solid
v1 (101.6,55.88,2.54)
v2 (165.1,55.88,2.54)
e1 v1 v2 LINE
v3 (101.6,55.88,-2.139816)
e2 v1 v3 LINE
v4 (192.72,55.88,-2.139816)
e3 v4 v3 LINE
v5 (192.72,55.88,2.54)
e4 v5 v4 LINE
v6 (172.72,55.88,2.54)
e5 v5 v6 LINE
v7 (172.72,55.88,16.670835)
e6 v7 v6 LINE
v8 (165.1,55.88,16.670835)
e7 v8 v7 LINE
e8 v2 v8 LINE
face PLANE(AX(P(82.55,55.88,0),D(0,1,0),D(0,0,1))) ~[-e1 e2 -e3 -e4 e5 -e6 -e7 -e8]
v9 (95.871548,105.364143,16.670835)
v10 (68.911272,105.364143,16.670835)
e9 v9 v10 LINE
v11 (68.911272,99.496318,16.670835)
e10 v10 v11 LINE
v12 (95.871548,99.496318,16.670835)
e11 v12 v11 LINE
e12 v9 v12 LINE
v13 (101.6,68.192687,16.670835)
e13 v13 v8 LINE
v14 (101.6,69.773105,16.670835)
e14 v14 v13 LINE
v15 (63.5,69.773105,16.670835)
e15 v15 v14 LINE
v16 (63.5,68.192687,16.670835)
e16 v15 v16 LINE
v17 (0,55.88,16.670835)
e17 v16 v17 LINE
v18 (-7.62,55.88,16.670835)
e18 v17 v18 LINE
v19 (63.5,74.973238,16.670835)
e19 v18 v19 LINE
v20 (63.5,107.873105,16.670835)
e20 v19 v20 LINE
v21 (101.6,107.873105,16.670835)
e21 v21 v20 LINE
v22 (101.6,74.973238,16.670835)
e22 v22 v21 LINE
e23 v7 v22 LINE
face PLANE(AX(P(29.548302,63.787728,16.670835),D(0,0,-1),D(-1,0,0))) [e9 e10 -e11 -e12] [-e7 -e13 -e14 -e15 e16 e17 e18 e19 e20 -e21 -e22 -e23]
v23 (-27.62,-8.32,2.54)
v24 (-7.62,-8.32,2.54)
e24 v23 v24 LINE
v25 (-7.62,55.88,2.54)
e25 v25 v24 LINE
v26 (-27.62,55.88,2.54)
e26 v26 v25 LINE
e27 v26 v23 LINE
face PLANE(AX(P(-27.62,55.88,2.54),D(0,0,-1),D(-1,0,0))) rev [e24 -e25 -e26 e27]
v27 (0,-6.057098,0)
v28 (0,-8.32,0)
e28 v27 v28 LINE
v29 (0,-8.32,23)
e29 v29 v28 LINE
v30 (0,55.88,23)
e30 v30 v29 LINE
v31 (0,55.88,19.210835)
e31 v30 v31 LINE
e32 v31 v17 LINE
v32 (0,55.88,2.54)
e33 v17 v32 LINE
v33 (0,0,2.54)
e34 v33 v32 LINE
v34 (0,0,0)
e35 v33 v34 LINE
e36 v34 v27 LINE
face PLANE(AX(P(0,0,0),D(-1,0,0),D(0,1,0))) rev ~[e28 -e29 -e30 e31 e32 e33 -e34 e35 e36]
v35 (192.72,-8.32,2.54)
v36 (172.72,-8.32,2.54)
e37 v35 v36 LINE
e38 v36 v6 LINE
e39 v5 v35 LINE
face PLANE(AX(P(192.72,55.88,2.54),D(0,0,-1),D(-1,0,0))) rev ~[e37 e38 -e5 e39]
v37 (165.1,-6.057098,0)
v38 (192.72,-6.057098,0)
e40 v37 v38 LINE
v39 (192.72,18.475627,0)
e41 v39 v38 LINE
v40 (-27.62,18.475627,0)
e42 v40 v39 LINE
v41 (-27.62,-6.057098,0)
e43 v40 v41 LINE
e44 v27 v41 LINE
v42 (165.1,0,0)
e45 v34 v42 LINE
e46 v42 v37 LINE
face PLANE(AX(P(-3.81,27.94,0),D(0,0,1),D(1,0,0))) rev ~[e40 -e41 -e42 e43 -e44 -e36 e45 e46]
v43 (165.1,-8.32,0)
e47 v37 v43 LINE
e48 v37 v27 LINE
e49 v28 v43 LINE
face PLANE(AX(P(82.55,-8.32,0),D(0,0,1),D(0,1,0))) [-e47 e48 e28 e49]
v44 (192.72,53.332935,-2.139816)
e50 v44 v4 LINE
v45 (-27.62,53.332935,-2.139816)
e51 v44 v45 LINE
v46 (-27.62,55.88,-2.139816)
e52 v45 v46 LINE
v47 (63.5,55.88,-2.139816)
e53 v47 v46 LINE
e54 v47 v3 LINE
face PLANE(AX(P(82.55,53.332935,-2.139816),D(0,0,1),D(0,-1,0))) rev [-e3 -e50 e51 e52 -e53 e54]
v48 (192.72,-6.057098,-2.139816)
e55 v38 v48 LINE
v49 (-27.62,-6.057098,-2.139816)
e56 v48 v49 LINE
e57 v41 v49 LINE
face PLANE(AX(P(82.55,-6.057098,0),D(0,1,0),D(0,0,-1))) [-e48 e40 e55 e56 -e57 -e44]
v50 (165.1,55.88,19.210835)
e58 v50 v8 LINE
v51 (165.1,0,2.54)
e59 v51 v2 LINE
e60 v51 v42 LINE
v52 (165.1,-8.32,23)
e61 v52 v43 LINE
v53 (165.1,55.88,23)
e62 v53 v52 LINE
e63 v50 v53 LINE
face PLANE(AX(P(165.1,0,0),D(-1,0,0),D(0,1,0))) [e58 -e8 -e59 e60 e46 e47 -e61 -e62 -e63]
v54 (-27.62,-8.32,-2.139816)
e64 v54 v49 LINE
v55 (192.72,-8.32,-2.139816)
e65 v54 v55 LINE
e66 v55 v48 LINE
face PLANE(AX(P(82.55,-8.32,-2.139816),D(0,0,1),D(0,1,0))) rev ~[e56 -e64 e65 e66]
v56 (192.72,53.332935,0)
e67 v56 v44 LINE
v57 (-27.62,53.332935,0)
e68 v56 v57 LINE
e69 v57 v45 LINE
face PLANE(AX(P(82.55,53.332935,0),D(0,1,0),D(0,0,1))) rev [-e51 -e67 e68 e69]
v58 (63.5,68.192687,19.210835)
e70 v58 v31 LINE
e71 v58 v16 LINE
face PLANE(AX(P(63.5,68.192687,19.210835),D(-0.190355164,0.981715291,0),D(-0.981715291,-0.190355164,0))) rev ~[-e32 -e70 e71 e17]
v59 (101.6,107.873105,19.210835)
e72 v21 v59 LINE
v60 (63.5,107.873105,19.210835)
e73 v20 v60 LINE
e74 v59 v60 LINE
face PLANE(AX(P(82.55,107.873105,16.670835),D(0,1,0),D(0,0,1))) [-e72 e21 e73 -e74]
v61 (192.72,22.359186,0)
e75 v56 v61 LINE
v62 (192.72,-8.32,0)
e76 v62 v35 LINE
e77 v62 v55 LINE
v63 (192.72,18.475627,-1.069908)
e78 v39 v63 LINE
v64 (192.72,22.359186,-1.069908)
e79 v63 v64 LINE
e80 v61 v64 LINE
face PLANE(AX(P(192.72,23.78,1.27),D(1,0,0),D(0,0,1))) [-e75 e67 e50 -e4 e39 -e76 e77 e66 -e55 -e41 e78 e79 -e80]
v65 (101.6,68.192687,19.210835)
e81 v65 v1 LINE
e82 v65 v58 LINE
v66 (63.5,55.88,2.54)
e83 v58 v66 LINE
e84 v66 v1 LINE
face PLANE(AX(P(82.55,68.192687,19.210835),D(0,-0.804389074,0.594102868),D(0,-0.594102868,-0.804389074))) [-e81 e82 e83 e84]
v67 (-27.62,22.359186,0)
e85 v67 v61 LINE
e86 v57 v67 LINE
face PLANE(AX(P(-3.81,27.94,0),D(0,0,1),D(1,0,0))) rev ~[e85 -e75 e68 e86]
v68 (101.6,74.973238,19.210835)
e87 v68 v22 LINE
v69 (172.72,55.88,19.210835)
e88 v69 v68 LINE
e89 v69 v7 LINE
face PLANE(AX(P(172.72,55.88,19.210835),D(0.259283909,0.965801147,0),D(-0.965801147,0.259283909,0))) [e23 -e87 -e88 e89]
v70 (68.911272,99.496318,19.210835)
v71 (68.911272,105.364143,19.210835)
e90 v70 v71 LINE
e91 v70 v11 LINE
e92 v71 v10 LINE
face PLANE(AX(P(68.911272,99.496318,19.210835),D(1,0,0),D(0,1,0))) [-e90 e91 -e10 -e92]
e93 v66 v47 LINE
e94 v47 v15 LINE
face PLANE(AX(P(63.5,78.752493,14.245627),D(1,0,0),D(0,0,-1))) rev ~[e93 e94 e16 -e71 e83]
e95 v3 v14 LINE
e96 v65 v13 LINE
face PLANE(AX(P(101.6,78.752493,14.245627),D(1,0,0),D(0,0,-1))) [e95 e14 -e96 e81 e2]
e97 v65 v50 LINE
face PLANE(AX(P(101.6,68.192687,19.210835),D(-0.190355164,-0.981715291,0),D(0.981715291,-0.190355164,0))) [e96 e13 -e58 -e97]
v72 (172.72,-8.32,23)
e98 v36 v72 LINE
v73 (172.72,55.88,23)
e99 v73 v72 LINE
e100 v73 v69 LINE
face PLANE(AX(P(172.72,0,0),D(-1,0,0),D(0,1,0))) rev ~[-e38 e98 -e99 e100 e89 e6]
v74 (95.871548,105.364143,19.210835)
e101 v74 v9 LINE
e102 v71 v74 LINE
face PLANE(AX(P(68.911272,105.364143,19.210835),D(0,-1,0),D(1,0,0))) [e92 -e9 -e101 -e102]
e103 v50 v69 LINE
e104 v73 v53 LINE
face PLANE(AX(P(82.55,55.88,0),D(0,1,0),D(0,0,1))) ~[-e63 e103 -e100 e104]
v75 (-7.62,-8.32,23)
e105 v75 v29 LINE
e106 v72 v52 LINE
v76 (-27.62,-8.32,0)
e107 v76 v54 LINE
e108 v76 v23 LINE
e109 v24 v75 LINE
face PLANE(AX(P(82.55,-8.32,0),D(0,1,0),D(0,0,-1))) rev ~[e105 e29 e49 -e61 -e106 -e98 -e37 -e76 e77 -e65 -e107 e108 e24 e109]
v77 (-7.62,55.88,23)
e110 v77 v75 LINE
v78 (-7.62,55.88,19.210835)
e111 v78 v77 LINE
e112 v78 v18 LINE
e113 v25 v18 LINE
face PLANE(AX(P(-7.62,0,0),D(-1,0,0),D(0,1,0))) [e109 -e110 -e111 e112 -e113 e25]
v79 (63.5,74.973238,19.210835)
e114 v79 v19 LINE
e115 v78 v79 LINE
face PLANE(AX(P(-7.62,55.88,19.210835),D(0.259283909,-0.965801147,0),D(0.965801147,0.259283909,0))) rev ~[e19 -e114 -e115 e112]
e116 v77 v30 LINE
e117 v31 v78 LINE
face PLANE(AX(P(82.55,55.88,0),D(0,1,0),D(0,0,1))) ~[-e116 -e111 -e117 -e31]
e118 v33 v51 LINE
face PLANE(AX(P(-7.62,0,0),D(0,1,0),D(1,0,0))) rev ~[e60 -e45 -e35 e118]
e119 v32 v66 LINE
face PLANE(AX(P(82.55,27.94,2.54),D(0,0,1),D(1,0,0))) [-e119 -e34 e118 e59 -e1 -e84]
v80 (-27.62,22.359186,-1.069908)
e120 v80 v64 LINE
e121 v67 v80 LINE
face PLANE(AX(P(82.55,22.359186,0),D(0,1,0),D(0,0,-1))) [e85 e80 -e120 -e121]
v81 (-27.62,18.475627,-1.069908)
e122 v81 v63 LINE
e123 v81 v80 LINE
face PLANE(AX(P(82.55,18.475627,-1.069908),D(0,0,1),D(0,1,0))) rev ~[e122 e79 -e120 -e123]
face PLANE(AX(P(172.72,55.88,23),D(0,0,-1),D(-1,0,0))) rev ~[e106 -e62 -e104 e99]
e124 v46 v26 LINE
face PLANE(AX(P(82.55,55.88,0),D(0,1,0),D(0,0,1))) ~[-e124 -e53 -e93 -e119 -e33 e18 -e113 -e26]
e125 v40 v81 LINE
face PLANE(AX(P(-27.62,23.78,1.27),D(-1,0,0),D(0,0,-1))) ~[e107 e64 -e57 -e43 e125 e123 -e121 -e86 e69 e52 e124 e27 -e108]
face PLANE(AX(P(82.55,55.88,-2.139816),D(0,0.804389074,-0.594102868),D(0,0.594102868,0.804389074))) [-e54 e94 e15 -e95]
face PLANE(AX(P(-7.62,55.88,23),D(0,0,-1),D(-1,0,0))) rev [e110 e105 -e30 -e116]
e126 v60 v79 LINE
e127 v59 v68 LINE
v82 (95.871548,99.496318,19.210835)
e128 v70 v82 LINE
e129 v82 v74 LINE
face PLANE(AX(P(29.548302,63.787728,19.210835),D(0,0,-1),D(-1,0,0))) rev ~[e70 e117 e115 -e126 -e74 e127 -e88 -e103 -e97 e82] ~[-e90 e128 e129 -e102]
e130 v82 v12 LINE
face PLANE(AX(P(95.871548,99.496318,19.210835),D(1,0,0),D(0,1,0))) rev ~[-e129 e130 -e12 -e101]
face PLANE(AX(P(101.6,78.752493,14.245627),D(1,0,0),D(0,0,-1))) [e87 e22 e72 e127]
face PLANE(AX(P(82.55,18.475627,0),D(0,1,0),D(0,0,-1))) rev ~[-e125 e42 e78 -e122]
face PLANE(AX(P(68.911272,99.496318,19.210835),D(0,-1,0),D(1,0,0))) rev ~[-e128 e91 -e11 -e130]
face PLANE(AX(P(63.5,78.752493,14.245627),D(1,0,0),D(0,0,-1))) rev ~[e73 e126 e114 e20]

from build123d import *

# Parameters (mm, degrees)
SKETCH1_W           = 165.1
SKETCH1_H           = 55.88
BOSS_EXTRUDE1_DEPTH = 2.54
SKETCH1_3_W         = 7.62
SKETCH1_3_H         = 55.88
BOSS_EXTRUDE2_DEPTH = 20
BOSS_EXTRUDE3_DEPTH = 64.2
BOSS_EXTRUDE4_REACH = 127.654
SKETCH3_W           = 2.139816337
SKETCH3_H           = 2.547064604
SKETCH3_H_2         = 2.262901763
SKETCH3_W_2         = 1.069908168
SKETCH3_H_3         = 3.883558818
BOSS_EXTRUDE5_DEPTH = 19.05
BOSS_EXTRUDE6_DEPTH = 2.54
SKETCH6_W           = 26.96027589
SKETCH6_H           = 5.867824753
CUT_EXTRUDE1_DEPTH  = 222.886131721


with BuildPart() as part:
    # Sketch1 → Boss-Extrude1 (new body)
    with BuildSketch(Plane.XY):
        with Locations((82.55, 27.94)):
            Rectangle(SKETCH1_W, SKETCH1_H)
    extrude(amount=BOSS_EXTRUDE1_DEPTH)

    # Sketch1<3> → Boss-Extrude2 (add)
    with BuildSketch(Plane.XY):
        with Locations((-3.81, 27.94)):
            Rectangle(SKETCH1_3_W, SKETCH1_3_H)
        with Locations((168.91, 27.94)):
            Rectangle(SKETCH1_3_W, SKETCH1_3_H)
    extrude(amount=BOSS_EXTRUDE2_DEPTH)

    # Sketch2 → Boss-Extrude3 (add)
    with BuildSketch(Plane(origin=(0, 55.88, 0), x_dir=(1, 0, 0), z_dir=(0, 1, 0))):
        Polygon((165.1, 0), (192.72, 0), (192.72, -2.54), (172.72, -2.54), (172.72, -23), (165.1, -23), align=None)
    boss_extrude3 = extrude(amount=-BOSS_EXTRUDE3_DEPTH)

    # Boss-Extrude4: up to this face of the body (flat: up to its plane)
    boss_extrude4_end = Plane(part.part.faces().sort_by_distance((192.72, 23.78, 1.27))[0])
    # Sketch3 → Boss-Extrude4 (add, up to the picked face)
    with BuildSketch(Plane(origin=(82.55, 0, 0), x_dir=(0, 0, -1), z_dir=(1, 0, 0)), mode=Mode.PRIVATE) as boss_extrude4_sk1:
        with Locations((1.069908169, 54.606467698)):
            Rectangle(SKETCH3_W, SKETCH3_H)
    boss_extrude4_tool1 = split(extrude(boss_extrude4_sk1.sketch, amount=BOSS_EXTRUDE4_REACH, mode=Mode.PRIVATE), bisect_by=boss_extrude4_end, keep=Keep.BOTH, mode=Mode.PRIVATE)
    # Sketch3 → Boss-Extrude4 (add, up to the picked face)
    with BuildSketch(Plane(origin=(82.55, 0, 0), x_dir=(0, 0, -1), z_dir=(1, 0, 0)), mode=Mode.PRIVATE) as boss_extrude4_sk2:
        with Locations((1.069908169, -7.188549119)):
            Rectangle(SKETCH3_W, SKETCH3_H_2)
    boss_extrude4_tool2 = split(extrude(boss_extrude4_sk2.sketch, amount=BOSS_EXTRUDE4_REACH, mode=Mode.PRIVATE), bisect_by=boss_extrude4_end, keep=Keep.BOTH, mode=Mode.PRIVATE)
    # Sketch3 → Boss-Extrude4 (add, up to the picked face)
    with BuildSketch(Plane(origin=(82.55, 0, 0), x_dir=(0, 0, -1), z_dir=(1, 0, 0)), mode=Mode.PRIVATE) as boss_extrude4_sk3:
        with Locations((0.534954084, 20.417406389)):
            Rectangle(SKETCH3_W_2, SKETCH3_H_3)
    boss_extrude4_tool3 = split(extrude(boss_extrude4_sk3.sketch, amount=BOSS_EXTRUDE4_REACH, mode=Mode.PRIVATE), bisect_by=boss_extrude4_end, keep=Keep.BOTH, mode=Mode.PRIVATE)
    boss_extrude4_1 = boss_extrude4_tool1.solids().sort_by(Axis((82.55, 54.606468, -1.069908), (1, 0, 0)))[0]
    add(boss_extrude4_1)
    boss_extrude4_2 = boss_extrude4_tool2.solids().sort_by(Axis((82.55, -7.188549, -1.069908), (1, 0, 0)))[0]
    add(boss_extrude4_2)
    boss_extrude4_3 = boss_extrude4_tool3.solids().sort_by(Axis((82.55, 20.417406, -0.534954), (1, 0, 0)))[0]
    add(boss_extrude4_3)
    boss_extrude4 = boss_extrude4_1 + boss_extrude4_2 + boss_extrude4_3  # Boss-Extrude4 as one shape, for the pattern or mirror that repeats it

    # Mirror1: Boss-Extrude3, Boss-Extrude4 across plane
    add(boss_extrude3.mirror(Plane(origin=(82.55, 0, 0), x_dir=(0, 0, 1), z_dir=(1, 0, 0))))
    add(boss_extrude4.mirror(Plane(origin=(82.55, 0, 0), x_dir=(0, 0, 1), z_dir=(1, 0, 0))))

    # Sketch4 → Boss-Extrude5 (add, symmetric)
    with BuildSketch(Plane(origin=(82.55, 0, 0), x_dir=(0, 0, -1), z_dir=(1, 0, 0))):
        Polygon((-19.210834703, 68.192686786), (-2.54, 55.88), (2.139816337, 55.88), (-16.670834703, 69.773104851), (-16.670834703, 107.873104851), (-19.210834703, 107.873104851), align=None)
    extrude(amount=BOSS_EXTRUDE5_DEPTH, both=True)

    # Sketch5 → Boss-Extrude6 (add)
    with BuildSketch(Plane.XY.offset(19.210834703)):
        Polygon((63.5, 68.192686786), (0, 55.88), (-7.62, 55.88), (63.5, 74.973238457), align=None)
        Polygon((101.6, 74.973238457), (101.6, 68.192686786), (165.1, 55.88), (172.72, 55.88), align=None)
    extrude(amount=-BOSS_EXTRUDE6_DEPTH)

    # Sketch6 → Cut-Extrude1 (cut, through all)
    with BuildSketch(Plane.XY.offset(19.210834703)):
        with Locations((82.391410142, 102.430230737)):
            Rectangle(SKETCH6_W, SKETCH6_H)
    extrude(amount=-CUT_EXTRUDE1_DEPTH, mode=Mode.SUBTRACT)


solid = part.part
